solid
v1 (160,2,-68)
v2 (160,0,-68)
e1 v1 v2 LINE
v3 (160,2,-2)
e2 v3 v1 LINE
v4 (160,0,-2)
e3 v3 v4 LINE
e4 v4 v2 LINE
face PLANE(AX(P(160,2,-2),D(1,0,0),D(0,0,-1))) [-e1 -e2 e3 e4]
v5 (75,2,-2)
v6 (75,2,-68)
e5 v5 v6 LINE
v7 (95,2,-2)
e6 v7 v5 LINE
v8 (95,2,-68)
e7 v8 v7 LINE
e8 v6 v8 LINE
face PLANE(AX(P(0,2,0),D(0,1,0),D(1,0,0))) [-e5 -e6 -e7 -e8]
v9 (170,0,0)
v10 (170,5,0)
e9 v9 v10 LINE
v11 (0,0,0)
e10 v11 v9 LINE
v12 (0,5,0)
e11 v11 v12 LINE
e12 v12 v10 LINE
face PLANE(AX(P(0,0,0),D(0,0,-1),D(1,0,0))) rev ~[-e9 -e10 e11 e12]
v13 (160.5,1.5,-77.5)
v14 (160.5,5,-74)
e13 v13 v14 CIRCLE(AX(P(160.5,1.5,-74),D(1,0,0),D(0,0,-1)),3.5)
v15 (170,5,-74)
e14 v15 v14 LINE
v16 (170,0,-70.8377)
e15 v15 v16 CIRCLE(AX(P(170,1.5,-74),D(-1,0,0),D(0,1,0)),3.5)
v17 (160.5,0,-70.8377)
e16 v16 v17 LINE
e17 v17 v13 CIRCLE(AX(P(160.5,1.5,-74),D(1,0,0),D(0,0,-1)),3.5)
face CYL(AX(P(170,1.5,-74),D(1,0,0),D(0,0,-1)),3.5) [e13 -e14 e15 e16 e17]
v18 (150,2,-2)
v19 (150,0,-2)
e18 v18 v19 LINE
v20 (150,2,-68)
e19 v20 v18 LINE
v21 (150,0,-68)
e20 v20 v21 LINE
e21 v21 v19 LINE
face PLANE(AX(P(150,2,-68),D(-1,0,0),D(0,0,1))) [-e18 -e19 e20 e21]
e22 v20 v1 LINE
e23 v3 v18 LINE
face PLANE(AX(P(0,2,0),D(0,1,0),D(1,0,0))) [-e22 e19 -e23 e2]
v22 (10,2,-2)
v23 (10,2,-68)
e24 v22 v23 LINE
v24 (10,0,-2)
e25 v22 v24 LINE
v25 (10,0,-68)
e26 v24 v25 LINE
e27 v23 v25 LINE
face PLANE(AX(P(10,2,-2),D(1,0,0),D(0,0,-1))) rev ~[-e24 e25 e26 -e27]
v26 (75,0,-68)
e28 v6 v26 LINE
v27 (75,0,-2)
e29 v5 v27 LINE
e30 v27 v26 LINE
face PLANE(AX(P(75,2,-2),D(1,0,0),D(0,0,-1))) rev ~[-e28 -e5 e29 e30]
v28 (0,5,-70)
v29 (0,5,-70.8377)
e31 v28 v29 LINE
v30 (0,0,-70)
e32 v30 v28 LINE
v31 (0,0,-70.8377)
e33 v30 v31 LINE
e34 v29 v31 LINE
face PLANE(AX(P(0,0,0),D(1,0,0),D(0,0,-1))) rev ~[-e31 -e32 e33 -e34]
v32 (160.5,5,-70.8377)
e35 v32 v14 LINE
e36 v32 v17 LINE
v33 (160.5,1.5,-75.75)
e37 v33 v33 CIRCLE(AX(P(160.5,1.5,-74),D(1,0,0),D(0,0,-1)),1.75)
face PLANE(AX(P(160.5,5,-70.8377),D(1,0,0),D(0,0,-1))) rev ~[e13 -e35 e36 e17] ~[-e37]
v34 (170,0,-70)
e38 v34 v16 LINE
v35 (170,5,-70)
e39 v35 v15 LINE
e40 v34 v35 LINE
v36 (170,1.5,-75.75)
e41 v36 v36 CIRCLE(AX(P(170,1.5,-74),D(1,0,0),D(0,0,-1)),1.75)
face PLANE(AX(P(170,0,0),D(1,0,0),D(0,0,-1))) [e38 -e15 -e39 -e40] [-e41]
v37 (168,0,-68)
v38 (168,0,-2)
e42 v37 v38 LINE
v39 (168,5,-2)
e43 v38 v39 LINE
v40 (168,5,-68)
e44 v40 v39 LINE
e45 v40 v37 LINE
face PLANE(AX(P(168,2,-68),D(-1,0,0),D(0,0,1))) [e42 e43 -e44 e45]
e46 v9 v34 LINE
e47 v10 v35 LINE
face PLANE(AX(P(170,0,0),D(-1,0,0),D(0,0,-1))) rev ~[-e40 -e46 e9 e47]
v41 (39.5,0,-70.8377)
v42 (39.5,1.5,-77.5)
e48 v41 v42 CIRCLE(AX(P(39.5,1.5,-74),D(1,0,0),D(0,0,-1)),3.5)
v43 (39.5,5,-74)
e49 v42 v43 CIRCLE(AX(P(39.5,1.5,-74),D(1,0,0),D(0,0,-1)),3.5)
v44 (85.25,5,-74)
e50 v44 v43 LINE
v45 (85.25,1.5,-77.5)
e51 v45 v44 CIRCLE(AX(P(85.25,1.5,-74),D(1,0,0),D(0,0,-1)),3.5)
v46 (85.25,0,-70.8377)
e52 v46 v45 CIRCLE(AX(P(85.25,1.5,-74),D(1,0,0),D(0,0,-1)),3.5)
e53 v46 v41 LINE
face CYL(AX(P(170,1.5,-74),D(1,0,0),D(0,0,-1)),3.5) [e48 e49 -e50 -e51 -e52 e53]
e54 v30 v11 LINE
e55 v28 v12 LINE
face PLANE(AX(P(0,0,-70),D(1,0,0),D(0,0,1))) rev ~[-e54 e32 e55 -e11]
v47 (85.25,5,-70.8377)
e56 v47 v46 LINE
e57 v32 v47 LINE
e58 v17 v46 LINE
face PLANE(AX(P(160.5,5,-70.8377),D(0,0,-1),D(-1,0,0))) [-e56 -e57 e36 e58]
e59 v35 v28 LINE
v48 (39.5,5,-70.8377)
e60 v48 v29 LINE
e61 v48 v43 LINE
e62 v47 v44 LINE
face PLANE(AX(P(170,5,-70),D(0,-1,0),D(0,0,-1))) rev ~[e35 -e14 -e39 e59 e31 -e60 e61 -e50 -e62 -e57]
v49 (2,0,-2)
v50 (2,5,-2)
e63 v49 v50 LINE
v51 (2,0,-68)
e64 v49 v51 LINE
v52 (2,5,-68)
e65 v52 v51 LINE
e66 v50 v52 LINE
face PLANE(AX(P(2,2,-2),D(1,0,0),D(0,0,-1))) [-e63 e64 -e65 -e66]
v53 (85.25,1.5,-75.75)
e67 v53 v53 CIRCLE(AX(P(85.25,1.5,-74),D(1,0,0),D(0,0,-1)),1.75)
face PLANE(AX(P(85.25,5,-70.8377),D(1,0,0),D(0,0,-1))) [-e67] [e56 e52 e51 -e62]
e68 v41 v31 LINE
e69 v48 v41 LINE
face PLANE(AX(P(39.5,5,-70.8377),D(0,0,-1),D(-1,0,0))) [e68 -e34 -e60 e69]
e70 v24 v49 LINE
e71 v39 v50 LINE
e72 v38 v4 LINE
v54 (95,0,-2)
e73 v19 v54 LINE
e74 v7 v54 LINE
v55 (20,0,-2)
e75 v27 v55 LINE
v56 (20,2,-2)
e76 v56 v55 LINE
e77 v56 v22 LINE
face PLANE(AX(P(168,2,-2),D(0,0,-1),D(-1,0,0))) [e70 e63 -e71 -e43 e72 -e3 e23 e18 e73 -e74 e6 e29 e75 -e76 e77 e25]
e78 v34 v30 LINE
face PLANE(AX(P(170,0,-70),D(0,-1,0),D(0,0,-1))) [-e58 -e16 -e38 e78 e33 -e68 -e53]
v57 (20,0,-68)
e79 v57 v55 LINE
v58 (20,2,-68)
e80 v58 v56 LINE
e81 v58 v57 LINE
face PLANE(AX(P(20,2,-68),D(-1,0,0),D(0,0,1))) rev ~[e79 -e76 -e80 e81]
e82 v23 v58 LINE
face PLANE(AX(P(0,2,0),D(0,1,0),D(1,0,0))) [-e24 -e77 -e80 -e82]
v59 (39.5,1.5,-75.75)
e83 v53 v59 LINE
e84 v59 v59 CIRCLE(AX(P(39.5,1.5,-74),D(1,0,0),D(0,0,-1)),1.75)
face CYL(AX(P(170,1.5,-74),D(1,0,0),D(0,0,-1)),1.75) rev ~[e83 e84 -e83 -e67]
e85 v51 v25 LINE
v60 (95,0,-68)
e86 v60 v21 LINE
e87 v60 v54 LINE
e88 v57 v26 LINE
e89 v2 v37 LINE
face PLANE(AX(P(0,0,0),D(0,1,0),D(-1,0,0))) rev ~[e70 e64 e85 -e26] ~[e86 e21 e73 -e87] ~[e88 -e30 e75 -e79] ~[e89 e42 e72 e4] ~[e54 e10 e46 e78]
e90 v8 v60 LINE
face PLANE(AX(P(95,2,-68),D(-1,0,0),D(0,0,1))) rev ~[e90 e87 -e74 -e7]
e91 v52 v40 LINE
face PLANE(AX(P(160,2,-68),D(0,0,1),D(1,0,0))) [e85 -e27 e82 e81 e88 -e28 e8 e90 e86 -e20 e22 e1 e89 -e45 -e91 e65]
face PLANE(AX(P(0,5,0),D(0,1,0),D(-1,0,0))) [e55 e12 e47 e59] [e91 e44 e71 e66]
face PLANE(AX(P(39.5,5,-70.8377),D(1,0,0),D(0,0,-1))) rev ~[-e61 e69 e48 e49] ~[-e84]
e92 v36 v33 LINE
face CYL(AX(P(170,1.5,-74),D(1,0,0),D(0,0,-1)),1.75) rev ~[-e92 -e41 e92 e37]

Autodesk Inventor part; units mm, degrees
ref_plane "YZ Plane" through (0, 0, 0) normal (1, 0, 0) x (0, 1, 0)
ref_plane "XZ Plane" through (0, 0, 0) normal (0, 1, 0) x (-1, 0, 0)
ref_plane "XY Plane" through (0, 0, 0) normal (0, 0, 1) x (1, 0, 0)
sketch "Skizze1" plane through (0, 0, 0) normal (0, 1, 0) x (-1, 0, 0)
  line L0 (0, 0) -> (-170, 0)
  line L1 (-170, 0) -> (-170, -70)
  line L2 (-170, -70) -> (0, -70)
  line L3 (0, -70) -> (0, 0)
  dimension "d0" = 170
  dimension "d1" = 70
extrude "Extrusion1" add sketch "Skizze1" along normal blind 5
sketch "Skizze2" plane through (0, 5, 0) normal (0, 1, 0) x (1, 0, 0)
  line L0 (170, 0) -> (170, 70) projected
  line L1 (170, 70) -> (0, 70) projected
  line L2 (0, 70) -> (0, 0) projected
  line L3 (0, 0) -> (170, 0) projected
  line L4 (2, 68) -> (168, 68)
  line L5 (168, 68) -> (168, 2)
  line L6 (168, 2) -> (2, 2)
  line L7 (2, 2) -> (2, 68)
  dimension "d4" = 2
extrude "Extrusion2" cut sketch "Skizze2" against normal blind 3 contours L4 L5 L6 L7
sketch "Skizze3" plane through (0, 2, 0) normal (0, 1, 0) x (1, 0, 0)
  line L0 (168, 2) -> (2, 2) projected
  line L1 (168, 68) -> (168, 2) projected
  line L2 (2, 68) -> (168, 68) projected
  line L3 (2, 2) -> (2, 68) projected
  line L4 (75, 68) -> (95, 68)
  line L5 (95, 68) -> (95, 2)
  line L6 (95, 2) -> (75, 2)
  line L7 (75, 2) -> (75, 68)
  line L8 (2, 68) -> (168, 68) projected
  line L9 (2, 68) -> (168, 68) projected
  line L10 (10, 68) -> (20, 68)
  line L11 (20, 68) -> (20, 2)
  line L12 (20, 2) -> (10, 2)
  line L13 (10, 2) -> (10, 68)
  line L14 (168, 2) -> (2, 2) projected
  line L15 (160, 68) -> (150, 68)
  line L16 (150, 68) -> (150, 2)
  line L17 (150, 2) -> (160, 2)
  line L18 (160, 2) -> (160, 68)
  line L19 (0, 70) -> (0, 0) projected
  line L20 (170, 0) -> (170, 70) projected
  point P0 (85, 68)
  point P1 (85, 68)
  point P2 (160, 2)
  point P3 (10, 2)
  dimension "d7" = 20
  dimension "d8" = 10
  dimension "d9" = 10
  dimension "d10" = 10
extrude "Extrusion3" cut sketch "Skizze3" against normal through all contours L0 L18 L2 L1 | L0 L5 L2 L16 | L0 L11 L2 L7 | L0 L3 L2 L13
sketch "Skizze4" plane through (170, 0, 0) normal (1, 0, 0) x (0, 0, -1)
  circle A0 centre (74, 1.5) radius 3.5
  circle A1 centre (74, 1.5) radius 1.75
  line L0 (0, 0) -> (70, 0) projected
  line L1 (0, 5) -> (70, 5) projected
  line L2 (70, 5) -> (74, 5)
  line L3 (70, 0) -> (70, 5) projected
  line L4 (70, 0) -> (70.8377, 0)
  point P0 (70, 3)
  dimension "d13" = 7
  dimension "d14" = 3.5
  dimension "d27" = 4
extrude "Extrusion4" add sketch "Skizze4" against normal up to surface (170 mm away)
sketch "Skizze5" plane through (0, 5, 0) normal (0, 1, 0) x (1, 0, 0)
  line L0 (170, 70.8377) -> (0, 70.8377) projected
  line L1 (170, 77.5) -> (0, 77.5) projected
  line L2 (170, 70.8377) -> (170, 77.5) projected
  line L3 (0, 70.8377) -> (0, 77.5) projected
  line L4 (170, 77.5) -> (0, 77.5) projected
  line L5 (9.5, 77.5) -> (9.5, 70.8377)
  line L6 (39.5, 70.8377) -> (39.5, 77.5)
  line L7 (160.5, 70.8377) -> (160.5, 77.5)
  line L8 (170, 77.5) -> (0, 77.5) projected
  line L9 (130.5, 70.8377) -> (130.5, 77.5)
  line L10 (85.25, 70.8377) -> (85.25, 77.5)
  line L11 (170, 77.5) -> (0, 77.5) projected
  line L12 (84.75, 77.5) -> (84.75, 70.8377)
  line L13 (85.25, 74.1094) -> (84.75, 74.1094) construction
  point P0 (0, 0)
  point P1 (85, 74.1094)
  point P2 (85, 77.5)
  dimension "d28" = 0.5
  dimension "d29" = 9.5
  dimension "d30" = 9.5
  dimension "d31" = 30
  dimension "d32" = 30
extrude "Extrusion5" cut sketch "Skizze5" against normal through all contours L0 L9 L1 L7 | L0 L10 L1 L9 | L0 L5 L1 L6 | L0 L3 L1 L5
equation "\"d9\" = d8"
equation "\"d30\" = d29"
equation "\"d32\" = d31"
properties part number "roof"
